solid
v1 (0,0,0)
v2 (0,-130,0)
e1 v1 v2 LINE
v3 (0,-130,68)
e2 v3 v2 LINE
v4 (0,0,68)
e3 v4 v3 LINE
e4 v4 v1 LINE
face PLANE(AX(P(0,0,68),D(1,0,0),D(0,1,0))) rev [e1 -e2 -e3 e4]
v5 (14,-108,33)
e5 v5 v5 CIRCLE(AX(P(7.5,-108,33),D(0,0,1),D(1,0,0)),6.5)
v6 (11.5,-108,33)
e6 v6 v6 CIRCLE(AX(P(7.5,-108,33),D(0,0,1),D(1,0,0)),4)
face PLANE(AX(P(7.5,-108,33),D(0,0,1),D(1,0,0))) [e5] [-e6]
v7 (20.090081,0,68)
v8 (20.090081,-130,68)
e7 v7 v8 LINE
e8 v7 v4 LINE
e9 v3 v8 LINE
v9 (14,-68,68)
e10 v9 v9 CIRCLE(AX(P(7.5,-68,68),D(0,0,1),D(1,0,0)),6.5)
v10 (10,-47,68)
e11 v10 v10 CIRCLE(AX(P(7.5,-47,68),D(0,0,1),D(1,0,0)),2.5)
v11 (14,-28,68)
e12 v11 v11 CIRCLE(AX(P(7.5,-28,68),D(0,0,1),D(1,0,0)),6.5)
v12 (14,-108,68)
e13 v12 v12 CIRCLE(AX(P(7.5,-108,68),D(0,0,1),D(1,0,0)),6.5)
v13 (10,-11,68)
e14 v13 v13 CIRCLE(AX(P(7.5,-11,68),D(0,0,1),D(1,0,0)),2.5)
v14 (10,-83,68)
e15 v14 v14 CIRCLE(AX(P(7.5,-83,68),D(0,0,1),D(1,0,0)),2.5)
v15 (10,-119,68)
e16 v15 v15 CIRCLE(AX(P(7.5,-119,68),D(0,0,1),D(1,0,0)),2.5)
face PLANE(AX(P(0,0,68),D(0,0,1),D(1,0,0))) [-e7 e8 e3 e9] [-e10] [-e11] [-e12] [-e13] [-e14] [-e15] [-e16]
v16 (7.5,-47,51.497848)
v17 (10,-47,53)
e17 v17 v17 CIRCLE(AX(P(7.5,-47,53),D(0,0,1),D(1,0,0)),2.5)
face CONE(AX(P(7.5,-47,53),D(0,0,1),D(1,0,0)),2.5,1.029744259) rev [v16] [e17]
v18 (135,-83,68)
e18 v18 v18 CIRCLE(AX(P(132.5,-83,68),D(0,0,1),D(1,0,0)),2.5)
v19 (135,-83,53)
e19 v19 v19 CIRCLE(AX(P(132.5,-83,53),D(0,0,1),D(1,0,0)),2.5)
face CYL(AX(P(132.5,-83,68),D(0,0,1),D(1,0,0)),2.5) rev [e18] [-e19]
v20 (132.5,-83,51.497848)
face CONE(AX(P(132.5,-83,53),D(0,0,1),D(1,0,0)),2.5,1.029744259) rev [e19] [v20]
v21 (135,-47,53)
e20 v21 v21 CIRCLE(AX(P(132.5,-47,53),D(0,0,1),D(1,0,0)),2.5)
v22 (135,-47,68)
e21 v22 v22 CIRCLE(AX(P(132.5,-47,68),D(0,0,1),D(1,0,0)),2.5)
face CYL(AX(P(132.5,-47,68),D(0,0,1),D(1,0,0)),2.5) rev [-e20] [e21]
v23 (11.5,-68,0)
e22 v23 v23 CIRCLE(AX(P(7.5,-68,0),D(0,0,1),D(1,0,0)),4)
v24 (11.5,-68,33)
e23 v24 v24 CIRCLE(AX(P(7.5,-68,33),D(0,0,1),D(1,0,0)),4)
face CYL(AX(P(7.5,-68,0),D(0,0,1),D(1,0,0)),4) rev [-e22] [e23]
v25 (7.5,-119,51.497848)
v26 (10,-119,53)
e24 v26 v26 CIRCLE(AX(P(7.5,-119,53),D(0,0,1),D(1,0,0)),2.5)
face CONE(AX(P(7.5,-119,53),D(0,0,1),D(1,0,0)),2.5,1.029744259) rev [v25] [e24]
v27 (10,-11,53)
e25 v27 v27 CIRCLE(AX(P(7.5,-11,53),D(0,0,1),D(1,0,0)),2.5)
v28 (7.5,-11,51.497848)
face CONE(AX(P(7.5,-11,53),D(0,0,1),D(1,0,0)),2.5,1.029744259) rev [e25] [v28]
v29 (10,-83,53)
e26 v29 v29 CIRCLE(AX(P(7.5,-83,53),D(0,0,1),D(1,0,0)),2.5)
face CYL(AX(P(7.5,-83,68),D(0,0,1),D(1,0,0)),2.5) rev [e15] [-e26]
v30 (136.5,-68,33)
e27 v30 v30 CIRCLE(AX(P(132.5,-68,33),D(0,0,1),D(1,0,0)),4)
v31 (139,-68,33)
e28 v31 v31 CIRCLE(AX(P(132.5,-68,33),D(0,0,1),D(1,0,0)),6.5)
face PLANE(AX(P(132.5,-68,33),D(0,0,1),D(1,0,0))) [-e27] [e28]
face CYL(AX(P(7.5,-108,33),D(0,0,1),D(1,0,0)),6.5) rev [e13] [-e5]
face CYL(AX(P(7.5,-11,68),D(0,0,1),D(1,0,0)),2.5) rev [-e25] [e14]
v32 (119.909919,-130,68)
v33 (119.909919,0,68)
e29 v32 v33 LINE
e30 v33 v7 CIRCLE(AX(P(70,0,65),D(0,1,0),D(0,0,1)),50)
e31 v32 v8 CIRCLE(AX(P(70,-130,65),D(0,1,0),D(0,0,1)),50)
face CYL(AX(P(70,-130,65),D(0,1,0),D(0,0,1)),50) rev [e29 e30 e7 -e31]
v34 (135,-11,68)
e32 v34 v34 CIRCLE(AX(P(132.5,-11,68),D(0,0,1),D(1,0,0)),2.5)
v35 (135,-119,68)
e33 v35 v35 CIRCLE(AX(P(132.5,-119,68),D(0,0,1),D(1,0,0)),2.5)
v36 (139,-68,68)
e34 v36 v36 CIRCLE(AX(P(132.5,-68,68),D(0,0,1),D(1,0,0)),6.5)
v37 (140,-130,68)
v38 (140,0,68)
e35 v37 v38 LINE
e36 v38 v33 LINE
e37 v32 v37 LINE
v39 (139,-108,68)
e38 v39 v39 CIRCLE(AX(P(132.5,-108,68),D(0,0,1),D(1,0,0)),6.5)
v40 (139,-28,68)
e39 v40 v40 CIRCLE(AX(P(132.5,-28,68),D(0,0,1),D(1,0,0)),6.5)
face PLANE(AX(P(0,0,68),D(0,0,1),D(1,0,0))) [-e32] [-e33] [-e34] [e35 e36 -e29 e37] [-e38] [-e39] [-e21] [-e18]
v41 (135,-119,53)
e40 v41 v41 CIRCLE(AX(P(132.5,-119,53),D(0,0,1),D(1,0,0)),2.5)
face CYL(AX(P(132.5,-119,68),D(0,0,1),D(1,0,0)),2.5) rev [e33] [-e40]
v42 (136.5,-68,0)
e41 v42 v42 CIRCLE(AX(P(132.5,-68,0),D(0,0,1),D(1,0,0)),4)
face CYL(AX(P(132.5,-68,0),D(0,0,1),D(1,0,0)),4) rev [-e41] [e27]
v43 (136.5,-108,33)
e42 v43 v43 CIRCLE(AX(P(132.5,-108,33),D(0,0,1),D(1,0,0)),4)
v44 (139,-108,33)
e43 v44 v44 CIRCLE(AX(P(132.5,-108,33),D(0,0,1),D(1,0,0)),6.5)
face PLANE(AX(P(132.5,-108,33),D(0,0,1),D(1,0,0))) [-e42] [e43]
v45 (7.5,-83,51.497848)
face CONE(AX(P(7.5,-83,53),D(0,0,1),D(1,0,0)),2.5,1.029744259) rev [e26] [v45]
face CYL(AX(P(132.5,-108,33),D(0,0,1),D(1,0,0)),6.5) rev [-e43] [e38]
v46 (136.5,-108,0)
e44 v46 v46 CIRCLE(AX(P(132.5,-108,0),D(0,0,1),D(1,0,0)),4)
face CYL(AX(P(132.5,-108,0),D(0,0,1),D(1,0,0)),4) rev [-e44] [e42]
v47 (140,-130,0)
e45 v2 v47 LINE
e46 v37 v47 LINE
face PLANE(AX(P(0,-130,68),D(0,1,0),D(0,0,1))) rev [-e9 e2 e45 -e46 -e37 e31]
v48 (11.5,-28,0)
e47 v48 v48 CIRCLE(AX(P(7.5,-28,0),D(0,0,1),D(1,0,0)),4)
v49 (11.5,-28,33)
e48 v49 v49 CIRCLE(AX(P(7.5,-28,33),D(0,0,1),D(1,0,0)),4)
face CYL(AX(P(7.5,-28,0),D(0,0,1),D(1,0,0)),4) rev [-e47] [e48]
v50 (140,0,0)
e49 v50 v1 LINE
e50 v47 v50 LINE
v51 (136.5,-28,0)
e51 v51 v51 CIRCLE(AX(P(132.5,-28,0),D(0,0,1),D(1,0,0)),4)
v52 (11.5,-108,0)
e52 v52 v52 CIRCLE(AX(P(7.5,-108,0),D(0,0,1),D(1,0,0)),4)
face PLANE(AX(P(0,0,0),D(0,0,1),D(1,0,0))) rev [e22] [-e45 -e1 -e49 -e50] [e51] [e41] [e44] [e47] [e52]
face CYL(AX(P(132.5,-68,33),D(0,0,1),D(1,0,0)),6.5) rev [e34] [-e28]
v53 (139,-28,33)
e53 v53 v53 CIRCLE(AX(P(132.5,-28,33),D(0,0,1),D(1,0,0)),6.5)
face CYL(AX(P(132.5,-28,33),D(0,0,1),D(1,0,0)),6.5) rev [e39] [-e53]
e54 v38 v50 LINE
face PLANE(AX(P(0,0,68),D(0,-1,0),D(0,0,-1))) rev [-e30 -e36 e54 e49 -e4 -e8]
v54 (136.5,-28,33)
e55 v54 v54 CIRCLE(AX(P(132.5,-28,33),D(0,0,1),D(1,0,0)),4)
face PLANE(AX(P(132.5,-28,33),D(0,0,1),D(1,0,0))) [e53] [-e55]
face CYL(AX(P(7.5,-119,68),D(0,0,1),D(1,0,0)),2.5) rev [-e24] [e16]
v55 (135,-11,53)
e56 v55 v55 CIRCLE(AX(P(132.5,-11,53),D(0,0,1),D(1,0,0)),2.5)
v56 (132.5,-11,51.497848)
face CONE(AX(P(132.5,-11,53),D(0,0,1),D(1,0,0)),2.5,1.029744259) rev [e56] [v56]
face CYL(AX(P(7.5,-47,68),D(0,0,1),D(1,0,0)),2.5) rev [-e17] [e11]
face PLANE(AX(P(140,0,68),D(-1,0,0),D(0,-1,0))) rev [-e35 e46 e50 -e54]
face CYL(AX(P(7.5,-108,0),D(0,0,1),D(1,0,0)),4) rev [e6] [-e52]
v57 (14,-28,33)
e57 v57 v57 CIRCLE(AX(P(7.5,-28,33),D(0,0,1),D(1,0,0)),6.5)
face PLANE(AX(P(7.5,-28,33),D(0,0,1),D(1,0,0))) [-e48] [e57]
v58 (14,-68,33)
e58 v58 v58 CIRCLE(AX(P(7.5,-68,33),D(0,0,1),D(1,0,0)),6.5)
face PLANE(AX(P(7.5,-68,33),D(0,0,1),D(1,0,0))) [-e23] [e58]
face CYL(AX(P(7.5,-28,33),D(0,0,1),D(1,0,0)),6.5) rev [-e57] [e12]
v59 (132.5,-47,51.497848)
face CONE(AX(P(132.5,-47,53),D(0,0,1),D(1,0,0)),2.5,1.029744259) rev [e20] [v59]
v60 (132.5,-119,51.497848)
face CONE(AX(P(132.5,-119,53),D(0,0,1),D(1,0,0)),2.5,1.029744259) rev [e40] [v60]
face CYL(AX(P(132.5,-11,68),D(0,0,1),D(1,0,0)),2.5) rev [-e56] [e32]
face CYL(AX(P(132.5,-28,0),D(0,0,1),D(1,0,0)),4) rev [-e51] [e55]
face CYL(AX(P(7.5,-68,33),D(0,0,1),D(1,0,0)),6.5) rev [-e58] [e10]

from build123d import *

# Parameters (mm, degrees)
SKETCH_1_W              = 140
SKETCH_1_H              = 130
EXTRUDE_1_DEPTH         = 68
SKETCH_2_R              = 50
CUT_EXTRUDE_2_DEPTH     = 131
SKETCH_3_R              = 6.5
CUT_EXTRUDE_3_DEPTH     = 35
SKETCH_4_R              = 4
CUT_EXTRUDE_4_DEPTH     = 34
HOLE_WIZARD_M6_10_D     = 5
HOLE_WIZARD_M6_10_DEPTH = 15
HOLE_WIZARD_M6_10_TIP   = 1.502151548


with BuildPart() as part:
    # 草图1 → 凸台-拉伸1 (new body)
    with BuildSketch(Plane.XY):
        with Locations((70, -65)):
            Rectangle(SKETCH_1_W, SKETCH_1_H)
    extrude(amount=EXTRUDE_1_DEPTH)

    # 草图2 → 切除-拉伸2 (cut, through all)
    with BuildSketch(Plane(origin=(0, 0, 0), x_dir=(1, 0, 0), z_dir=(0, 1, 0))):
        with Locations((70, -65)):
            Circle(SKETCH_2_R)
    extrude(amount=-CUT_EXTRUDE_2_DEPTH, mode=Mode.SUBTRACT)

    # 草图3 → 切除-拉伸3 (cut)
    with BuildSketch(Plane.XY.offset(68)):
        with Locations((7.5, -28)):
            Circle(SKETCH_3_R)
        with Locations((132.5, -28)):
            Circle(SKETCH_3_R)
        with Locations((132.5, -68)):
            Circle(SKETCH_3_R)
        with Locations((132.5, -108)):
            Circle(SKETCH_3_R)
        with Locations((7.5, -68)):
            Circle(SKETCH_3_R)
        with Locations((7.5, -108)):
            Circle(SKETCH_3_R)
    extrude(amount=-CUT_EXTRUDE_3_DEPTH, mode=Mode.SUBTRACT)

    # 草图4 → 切除-拉伸4 (cut, through all)
    with BuildSketch(Plane.XY.offset(33)):
        with Locations((132.5, -28)):
            Circle(SKETCH_4_R)
        with Locations((7.5, -28)):
            Circle(SKETCH_4_R)
        with Locations((132.5, -68)):
            Circle(SKETCH_4_R)
        with Locations((132.5, -108)):
            Circle(SKETCH_4_R)
        with Locations((7.5, -68)):
            Circle(SKETCH_4_R)
        with Locations((7.5, -108)):
            Circle(SKETCH_4_R)
    extrude(amount=-CUT_EXTRUDE_4_DEPTH, mode=Mode.SUBTRACT)

    # M6 螺纹孔10
    with Locations(Plane.XY.offset(68)):
        with Locations((7.5, -11), (7.5, -47), (7.5, -83), (132.5, -83), (132.5, -47), (132.5, -11), (7.5, -119), (132.5, -119)):
            Hole(HOLE_WIZARD_M6_10_D / 2, depth=HOLE_WIZARD_M6_10_DEPTH)
            with Locations((0, 0, -(HOLE_WIZARD_M6_10_DEPTH + HOLE_WIZARD_M6_10_TIP / 2))):  # 118° drill point
                Cone(0, HOLE_WIZARD_M6_10_D / 2, HOLE_WIZARD_M6_10_TIP, mode=Mode.SUBTRACT)


solid = part.part
